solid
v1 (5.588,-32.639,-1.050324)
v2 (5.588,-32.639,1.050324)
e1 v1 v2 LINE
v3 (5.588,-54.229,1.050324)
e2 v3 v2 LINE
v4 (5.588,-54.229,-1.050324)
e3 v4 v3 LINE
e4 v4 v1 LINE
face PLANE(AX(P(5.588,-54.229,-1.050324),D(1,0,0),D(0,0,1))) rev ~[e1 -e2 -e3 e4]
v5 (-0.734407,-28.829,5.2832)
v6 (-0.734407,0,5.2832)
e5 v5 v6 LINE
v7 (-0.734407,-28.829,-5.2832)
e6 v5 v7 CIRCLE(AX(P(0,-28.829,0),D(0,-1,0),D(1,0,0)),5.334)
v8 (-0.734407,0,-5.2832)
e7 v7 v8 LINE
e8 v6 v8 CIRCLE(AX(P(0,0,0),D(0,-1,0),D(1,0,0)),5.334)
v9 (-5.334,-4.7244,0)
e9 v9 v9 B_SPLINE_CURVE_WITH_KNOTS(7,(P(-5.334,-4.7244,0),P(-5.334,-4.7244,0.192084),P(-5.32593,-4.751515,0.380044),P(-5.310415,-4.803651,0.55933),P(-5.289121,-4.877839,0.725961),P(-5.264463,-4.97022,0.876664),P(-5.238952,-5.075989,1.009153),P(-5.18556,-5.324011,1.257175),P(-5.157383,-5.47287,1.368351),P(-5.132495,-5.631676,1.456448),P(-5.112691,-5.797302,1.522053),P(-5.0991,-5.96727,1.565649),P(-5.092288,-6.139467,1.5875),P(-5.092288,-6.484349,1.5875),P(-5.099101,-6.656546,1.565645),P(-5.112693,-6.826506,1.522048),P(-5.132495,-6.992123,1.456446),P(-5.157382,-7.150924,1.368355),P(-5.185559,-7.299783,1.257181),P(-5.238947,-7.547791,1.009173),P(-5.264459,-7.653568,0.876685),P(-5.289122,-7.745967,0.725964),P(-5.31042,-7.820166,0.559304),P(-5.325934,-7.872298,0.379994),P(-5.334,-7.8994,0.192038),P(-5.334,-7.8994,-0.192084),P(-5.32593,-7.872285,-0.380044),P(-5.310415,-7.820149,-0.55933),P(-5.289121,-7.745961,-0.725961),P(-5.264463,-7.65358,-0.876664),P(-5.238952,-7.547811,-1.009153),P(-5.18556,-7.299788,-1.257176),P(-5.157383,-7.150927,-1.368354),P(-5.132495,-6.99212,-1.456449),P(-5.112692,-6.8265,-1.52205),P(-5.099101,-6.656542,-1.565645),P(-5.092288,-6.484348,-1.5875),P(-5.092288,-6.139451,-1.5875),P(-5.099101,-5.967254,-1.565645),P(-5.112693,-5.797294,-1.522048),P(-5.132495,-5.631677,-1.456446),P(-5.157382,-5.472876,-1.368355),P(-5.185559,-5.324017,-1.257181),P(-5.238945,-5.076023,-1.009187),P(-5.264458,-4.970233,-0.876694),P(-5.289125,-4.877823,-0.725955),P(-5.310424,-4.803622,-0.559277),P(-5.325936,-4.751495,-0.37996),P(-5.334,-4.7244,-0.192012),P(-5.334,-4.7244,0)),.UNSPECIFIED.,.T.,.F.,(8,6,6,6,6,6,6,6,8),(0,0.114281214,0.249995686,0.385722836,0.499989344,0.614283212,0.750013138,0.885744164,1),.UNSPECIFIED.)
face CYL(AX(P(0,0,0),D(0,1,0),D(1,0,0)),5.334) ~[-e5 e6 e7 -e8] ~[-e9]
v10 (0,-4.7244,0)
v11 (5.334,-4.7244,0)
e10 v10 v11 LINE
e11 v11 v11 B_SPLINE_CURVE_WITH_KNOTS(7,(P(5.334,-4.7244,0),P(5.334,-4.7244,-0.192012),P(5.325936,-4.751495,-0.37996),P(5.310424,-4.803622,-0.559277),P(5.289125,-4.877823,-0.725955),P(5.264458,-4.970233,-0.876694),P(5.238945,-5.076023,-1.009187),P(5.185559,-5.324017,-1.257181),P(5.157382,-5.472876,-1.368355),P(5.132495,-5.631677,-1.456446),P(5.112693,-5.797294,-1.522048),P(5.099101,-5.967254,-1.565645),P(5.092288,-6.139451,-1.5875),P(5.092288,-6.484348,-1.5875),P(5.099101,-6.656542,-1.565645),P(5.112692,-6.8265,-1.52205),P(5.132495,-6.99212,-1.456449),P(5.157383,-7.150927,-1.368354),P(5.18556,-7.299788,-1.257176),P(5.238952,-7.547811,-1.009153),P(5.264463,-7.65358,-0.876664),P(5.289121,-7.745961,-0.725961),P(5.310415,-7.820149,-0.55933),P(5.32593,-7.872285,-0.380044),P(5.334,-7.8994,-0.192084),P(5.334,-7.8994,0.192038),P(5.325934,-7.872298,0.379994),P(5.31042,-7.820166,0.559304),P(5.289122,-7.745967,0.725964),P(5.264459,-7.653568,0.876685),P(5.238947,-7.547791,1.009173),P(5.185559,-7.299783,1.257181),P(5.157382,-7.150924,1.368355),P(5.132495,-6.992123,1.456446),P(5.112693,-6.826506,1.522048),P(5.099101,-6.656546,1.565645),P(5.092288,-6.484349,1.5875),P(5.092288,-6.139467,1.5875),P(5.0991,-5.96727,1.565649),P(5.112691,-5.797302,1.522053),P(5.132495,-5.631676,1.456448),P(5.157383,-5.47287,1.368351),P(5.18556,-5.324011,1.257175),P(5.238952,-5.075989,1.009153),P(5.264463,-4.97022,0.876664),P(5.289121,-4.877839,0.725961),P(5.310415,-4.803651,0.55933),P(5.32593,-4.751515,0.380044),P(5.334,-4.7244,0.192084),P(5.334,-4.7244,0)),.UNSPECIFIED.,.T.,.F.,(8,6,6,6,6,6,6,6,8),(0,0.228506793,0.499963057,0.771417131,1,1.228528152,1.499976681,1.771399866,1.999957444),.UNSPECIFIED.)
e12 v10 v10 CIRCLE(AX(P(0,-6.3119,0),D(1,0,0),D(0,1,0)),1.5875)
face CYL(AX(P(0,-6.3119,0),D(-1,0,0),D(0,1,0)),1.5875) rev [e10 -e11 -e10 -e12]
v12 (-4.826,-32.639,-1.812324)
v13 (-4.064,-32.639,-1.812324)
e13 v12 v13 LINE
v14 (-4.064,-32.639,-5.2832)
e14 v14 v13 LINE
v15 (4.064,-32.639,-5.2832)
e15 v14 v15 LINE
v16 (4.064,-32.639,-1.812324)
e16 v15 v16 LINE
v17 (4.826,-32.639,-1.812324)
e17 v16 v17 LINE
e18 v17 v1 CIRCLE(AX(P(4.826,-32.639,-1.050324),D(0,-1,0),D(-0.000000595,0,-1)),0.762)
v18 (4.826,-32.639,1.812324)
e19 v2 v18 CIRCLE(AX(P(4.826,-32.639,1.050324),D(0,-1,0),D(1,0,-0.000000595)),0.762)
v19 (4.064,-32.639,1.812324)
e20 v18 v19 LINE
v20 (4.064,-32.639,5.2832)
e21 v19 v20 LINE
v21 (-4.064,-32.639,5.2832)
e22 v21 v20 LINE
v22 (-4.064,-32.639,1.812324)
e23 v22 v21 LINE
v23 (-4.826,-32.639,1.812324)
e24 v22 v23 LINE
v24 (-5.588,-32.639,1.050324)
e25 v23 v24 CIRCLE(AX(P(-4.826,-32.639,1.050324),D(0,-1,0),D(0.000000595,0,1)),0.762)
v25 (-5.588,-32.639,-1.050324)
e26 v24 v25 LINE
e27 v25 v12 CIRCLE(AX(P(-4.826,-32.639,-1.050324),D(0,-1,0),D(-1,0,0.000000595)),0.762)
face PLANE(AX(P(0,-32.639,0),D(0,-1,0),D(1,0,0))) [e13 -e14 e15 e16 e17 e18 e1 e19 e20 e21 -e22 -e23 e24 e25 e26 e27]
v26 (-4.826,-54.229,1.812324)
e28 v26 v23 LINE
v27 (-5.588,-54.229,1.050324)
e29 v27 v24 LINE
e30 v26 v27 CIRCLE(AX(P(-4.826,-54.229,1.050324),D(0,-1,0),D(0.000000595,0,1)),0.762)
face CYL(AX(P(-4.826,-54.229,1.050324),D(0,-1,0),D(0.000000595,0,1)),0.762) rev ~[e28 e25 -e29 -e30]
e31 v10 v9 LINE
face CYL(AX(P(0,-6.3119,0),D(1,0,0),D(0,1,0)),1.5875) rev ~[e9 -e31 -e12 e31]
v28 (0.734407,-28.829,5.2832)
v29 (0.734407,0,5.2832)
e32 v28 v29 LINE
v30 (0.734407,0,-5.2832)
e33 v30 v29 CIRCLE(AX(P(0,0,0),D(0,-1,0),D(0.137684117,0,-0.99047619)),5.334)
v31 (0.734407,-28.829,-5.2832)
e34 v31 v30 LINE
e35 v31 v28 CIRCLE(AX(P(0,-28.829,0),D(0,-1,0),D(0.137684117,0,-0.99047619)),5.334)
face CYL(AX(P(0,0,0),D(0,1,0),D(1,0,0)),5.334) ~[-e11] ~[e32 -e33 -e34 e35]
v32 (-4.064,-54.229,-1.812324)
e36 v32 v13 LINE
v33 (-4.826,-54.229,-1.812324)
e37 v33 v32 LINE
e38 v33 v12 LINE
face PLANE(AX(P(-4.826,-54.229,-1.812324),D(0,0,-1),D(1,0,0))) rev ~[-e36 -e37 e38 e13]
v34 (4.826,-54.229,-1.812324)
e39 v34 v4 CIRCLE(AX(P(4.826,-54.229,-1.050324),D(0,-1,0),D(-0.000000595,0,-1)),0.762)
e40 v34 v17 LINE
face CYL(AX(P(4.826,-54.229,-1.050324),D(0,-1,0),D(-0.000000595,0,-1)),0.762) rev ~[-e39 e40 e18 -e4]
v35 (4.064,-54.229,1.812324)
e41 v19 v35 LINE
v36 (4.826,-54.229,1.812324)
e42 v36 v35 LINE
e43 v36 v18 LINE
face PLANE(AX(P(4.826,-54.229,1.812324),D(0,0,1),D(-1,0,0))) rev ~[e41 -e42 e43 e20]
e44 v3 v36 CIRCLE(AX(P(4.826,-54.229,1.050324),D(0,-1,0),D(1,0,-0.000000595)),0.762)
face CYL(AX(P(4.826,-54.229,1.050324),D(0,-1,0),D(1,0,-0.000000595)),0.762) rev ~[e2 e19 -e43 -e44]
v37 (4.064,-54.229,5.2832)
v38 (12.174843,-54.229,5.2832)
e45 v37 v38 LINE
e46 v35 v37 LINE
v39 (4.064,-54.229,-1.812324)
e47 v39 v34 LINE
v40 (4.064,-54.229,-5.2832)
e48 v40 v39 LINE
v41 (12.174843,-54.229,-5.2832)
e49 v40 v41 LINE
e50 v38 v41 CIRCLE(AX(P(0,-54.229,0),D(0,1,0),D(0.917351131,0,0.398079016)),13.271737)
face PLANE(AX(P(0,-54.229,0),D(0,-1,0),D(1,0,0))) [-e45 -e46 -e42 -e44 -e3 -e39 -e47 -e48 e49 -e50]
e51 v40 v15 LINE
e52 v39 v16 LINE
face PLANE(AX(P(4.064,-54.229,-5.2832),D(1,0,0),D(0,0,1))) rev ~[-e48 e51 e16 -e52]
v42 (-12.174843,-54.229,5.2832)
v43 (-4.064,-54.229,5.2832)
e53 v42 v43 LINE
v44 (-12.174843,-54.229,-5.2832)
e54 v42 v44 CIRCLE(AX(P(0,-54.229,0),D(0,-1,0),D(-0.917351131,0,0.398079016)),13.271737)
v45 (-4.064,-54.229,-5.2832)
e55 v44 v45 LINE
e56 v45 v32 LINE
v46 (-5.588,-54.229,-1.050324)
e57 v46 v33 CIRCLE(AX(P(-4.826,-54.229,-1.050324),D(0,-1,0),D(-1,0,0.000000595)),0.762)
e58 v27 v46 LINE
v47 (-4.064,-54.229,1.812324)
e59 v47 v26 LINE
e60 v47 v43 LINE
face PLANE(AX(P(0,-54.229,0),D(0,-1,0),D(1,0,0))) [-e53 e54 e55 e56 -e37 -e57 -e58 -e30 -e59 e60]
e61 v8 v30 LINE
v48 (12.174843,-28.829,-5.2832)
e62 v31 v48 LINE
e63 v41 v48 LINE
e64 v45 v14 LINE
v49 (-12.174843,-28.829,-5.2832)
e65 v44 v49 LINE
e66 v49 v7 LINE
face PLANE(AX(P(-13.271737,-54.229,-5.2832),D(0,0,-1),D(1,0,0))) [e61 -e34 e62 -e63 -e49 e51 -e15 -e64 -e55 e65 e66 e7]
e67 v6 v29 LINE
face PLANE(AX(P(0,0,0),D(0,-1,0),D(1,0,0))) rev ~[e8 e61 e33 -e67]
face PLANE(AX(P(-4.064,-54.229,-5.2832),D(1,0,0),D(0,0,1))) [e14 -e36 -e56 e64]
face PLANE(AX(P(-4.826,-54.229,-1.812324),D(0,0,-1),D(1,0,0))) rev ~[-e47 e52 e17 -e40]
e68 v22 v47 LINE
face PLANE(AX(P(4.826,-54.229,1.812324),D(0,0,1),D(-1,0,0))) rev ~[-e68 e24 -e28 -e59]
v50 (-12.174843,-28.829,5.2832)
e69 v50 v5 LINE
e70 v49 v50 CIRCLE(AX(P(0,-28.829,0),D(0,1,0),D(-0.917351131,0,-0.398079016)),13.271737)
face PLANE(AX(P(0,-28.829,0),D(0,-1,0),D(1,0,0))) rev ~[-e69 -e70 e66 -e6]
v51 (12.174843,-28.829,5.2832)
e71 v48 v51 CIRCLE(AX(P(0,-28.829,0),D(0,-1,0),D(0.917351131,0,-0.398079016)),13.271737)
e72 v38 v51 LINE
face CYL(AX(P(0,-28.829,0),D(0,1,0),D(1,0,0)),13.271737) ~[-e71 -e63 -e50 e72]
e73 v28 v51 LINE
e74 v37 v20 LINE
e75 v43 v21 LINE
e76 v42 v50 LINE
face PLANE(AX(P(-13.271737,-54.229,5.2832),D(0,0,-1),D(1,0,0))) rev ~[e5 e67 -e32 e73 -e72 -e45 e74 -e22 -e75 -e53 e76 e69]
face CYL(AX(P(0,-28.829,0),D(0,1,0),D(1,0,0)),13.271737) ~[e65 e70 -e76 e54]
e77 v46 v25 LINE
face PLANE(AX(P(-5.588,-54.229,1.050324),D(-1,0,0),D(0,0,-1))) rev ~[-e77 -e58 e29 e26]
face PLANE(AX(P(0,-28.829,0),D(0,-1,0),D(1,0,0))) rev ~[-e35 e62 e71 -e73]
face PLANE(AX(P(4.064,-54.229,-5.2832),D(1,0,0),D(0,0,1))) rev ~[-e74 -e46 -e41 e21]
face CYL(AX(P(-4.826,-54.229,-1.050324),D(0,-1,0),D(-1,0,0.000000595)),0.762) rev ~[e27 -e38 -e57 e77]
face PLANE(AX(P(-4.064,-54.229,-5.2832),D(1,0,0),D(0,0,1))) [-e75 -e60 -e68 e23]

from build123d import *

# Parameters (mm, degrees)
F0_R           = 5.334
F1_DEPTH       = 28.829
F2_R           = 13.271737
F3_DEPTH       = 25.4
F4_W           = 26.543474
F4_H           = 10.5664
F5_DEPTH       = 54.229
F6_W           = 8.128
F6_H           = 10.5664
F7_DEPTH       = 21.59
F9_DEPTH       = 21.59
F10_DEPTH      = 21.59
F11_R          = 1.5875
F12_DEPTH      = 5.334
F12_DEPTH_BACK = 5.334


with BuildPart() as f1:
    # F0 (on Front) → F1 (new body)
    with BuildSketch(Plane.XZ):
        Circle(F0_R)
    extrude(amount=F1_DEPTH)

    # F2 (on face) → F3 (join)
    with BuildSketch(Plane.XZ.offset(28.829)):
        Circle(F2_R)
    extrude(amount=F3_DEPTH)

    # F4 (on face) → F5 (intersect, through all)
    with BuildSketch(Plane.XZ.offset(54.229)):
        Rectangle(F4_W, F4_H)
    extrude(amount=-F5_DEPTH, mode=Mode.INTERSECT)

    # F6 (on face) → F7 (cut)
    with BuildSketch(Plane.XZ.offset(54.229)):
        Rectangle(F6_W, F6_H)
    extrude(amount=-F7_DEPTH, mode=Mode.SUBTRACT)

    # F8 (on face) → F9 (cut)
    with BuildSketch(Plane.XZ.offset(54.229)):
        with BuildLine():
            Line((4.826, 1.812324), (-4.826, 1.812324))
            ThreePointArc((-4.826, 1.812324), (-5.364815, 1.58914), (-5.588, 1.050324))
            Line((-5.588, 1.050324), (-5.588, -1.050324))
            ThreePointArc((-5.588, -1.050324), (-5.364815, -1.58914), (-4.826, -1.812324))
            Line((-4.826, -1.812324), (4.826, -1.812324))
            ThreePointArc((4.826, -1.812324), (5.364815, -1.58914), (5.588, -1.050324))
            Line((5.588, -1.050324), (5.588, 1.050324))
            ThreePointArc((5.588, 1.050324), (5.364815, 1.58914), (4.826, 1.812324))
        make_face()
    extrude(amount=-F9_DEPTH, mode=Mode.SUBTRACT)

    # F8 (on face) → F10 (cut)
    with BuildSketch(Plane.XZ.offset(54.229)):
        with BuildLine():
            Line((4.826, 1.812324), (-4.826, 1.812324))
            ThreePointArc((-4.826, 1.812324), (-5.364815, 1.58914), (-5.588, 1.050324))
            Line((-5.588, 1.050324), (-5.588, -1.050324))
            ThreePointArc((-5.588, -1.050324), (-5.364815, -1.58914), (-4.826, -1.812324))
            Line((-4.826, -1.812324), (4.826, -1.812324))
            ThreePointArc((4.826, -1.812324), (5.364815, -1.58914), (5.588, -1.050324))
            Line((5.588, -1.050324), (5.588, 1.050324))
            ThreePointArc((5.588, 1.050324), (5.364815, 1.58914), (4.826, 1.812324))
        make_face()
    extrude(amount=-F10_DEPTH, mode=Mode.SUBTRACT)

    # F11 (on Right) → F12 (cut, two sides)
    with BuildSketch(Plane.YZ) as f12_sk:
        with Locations((-6.3119, 0)):
            Circle(F11_R)
    extrude(amount=F12_DEPTH, mode=Mode.SUBTRACT)
    extrude(f12_sk.sketch, amount=-F12_DEPTH_BACK, mode=Mode.SUBTRACT)


solid = f1.part
